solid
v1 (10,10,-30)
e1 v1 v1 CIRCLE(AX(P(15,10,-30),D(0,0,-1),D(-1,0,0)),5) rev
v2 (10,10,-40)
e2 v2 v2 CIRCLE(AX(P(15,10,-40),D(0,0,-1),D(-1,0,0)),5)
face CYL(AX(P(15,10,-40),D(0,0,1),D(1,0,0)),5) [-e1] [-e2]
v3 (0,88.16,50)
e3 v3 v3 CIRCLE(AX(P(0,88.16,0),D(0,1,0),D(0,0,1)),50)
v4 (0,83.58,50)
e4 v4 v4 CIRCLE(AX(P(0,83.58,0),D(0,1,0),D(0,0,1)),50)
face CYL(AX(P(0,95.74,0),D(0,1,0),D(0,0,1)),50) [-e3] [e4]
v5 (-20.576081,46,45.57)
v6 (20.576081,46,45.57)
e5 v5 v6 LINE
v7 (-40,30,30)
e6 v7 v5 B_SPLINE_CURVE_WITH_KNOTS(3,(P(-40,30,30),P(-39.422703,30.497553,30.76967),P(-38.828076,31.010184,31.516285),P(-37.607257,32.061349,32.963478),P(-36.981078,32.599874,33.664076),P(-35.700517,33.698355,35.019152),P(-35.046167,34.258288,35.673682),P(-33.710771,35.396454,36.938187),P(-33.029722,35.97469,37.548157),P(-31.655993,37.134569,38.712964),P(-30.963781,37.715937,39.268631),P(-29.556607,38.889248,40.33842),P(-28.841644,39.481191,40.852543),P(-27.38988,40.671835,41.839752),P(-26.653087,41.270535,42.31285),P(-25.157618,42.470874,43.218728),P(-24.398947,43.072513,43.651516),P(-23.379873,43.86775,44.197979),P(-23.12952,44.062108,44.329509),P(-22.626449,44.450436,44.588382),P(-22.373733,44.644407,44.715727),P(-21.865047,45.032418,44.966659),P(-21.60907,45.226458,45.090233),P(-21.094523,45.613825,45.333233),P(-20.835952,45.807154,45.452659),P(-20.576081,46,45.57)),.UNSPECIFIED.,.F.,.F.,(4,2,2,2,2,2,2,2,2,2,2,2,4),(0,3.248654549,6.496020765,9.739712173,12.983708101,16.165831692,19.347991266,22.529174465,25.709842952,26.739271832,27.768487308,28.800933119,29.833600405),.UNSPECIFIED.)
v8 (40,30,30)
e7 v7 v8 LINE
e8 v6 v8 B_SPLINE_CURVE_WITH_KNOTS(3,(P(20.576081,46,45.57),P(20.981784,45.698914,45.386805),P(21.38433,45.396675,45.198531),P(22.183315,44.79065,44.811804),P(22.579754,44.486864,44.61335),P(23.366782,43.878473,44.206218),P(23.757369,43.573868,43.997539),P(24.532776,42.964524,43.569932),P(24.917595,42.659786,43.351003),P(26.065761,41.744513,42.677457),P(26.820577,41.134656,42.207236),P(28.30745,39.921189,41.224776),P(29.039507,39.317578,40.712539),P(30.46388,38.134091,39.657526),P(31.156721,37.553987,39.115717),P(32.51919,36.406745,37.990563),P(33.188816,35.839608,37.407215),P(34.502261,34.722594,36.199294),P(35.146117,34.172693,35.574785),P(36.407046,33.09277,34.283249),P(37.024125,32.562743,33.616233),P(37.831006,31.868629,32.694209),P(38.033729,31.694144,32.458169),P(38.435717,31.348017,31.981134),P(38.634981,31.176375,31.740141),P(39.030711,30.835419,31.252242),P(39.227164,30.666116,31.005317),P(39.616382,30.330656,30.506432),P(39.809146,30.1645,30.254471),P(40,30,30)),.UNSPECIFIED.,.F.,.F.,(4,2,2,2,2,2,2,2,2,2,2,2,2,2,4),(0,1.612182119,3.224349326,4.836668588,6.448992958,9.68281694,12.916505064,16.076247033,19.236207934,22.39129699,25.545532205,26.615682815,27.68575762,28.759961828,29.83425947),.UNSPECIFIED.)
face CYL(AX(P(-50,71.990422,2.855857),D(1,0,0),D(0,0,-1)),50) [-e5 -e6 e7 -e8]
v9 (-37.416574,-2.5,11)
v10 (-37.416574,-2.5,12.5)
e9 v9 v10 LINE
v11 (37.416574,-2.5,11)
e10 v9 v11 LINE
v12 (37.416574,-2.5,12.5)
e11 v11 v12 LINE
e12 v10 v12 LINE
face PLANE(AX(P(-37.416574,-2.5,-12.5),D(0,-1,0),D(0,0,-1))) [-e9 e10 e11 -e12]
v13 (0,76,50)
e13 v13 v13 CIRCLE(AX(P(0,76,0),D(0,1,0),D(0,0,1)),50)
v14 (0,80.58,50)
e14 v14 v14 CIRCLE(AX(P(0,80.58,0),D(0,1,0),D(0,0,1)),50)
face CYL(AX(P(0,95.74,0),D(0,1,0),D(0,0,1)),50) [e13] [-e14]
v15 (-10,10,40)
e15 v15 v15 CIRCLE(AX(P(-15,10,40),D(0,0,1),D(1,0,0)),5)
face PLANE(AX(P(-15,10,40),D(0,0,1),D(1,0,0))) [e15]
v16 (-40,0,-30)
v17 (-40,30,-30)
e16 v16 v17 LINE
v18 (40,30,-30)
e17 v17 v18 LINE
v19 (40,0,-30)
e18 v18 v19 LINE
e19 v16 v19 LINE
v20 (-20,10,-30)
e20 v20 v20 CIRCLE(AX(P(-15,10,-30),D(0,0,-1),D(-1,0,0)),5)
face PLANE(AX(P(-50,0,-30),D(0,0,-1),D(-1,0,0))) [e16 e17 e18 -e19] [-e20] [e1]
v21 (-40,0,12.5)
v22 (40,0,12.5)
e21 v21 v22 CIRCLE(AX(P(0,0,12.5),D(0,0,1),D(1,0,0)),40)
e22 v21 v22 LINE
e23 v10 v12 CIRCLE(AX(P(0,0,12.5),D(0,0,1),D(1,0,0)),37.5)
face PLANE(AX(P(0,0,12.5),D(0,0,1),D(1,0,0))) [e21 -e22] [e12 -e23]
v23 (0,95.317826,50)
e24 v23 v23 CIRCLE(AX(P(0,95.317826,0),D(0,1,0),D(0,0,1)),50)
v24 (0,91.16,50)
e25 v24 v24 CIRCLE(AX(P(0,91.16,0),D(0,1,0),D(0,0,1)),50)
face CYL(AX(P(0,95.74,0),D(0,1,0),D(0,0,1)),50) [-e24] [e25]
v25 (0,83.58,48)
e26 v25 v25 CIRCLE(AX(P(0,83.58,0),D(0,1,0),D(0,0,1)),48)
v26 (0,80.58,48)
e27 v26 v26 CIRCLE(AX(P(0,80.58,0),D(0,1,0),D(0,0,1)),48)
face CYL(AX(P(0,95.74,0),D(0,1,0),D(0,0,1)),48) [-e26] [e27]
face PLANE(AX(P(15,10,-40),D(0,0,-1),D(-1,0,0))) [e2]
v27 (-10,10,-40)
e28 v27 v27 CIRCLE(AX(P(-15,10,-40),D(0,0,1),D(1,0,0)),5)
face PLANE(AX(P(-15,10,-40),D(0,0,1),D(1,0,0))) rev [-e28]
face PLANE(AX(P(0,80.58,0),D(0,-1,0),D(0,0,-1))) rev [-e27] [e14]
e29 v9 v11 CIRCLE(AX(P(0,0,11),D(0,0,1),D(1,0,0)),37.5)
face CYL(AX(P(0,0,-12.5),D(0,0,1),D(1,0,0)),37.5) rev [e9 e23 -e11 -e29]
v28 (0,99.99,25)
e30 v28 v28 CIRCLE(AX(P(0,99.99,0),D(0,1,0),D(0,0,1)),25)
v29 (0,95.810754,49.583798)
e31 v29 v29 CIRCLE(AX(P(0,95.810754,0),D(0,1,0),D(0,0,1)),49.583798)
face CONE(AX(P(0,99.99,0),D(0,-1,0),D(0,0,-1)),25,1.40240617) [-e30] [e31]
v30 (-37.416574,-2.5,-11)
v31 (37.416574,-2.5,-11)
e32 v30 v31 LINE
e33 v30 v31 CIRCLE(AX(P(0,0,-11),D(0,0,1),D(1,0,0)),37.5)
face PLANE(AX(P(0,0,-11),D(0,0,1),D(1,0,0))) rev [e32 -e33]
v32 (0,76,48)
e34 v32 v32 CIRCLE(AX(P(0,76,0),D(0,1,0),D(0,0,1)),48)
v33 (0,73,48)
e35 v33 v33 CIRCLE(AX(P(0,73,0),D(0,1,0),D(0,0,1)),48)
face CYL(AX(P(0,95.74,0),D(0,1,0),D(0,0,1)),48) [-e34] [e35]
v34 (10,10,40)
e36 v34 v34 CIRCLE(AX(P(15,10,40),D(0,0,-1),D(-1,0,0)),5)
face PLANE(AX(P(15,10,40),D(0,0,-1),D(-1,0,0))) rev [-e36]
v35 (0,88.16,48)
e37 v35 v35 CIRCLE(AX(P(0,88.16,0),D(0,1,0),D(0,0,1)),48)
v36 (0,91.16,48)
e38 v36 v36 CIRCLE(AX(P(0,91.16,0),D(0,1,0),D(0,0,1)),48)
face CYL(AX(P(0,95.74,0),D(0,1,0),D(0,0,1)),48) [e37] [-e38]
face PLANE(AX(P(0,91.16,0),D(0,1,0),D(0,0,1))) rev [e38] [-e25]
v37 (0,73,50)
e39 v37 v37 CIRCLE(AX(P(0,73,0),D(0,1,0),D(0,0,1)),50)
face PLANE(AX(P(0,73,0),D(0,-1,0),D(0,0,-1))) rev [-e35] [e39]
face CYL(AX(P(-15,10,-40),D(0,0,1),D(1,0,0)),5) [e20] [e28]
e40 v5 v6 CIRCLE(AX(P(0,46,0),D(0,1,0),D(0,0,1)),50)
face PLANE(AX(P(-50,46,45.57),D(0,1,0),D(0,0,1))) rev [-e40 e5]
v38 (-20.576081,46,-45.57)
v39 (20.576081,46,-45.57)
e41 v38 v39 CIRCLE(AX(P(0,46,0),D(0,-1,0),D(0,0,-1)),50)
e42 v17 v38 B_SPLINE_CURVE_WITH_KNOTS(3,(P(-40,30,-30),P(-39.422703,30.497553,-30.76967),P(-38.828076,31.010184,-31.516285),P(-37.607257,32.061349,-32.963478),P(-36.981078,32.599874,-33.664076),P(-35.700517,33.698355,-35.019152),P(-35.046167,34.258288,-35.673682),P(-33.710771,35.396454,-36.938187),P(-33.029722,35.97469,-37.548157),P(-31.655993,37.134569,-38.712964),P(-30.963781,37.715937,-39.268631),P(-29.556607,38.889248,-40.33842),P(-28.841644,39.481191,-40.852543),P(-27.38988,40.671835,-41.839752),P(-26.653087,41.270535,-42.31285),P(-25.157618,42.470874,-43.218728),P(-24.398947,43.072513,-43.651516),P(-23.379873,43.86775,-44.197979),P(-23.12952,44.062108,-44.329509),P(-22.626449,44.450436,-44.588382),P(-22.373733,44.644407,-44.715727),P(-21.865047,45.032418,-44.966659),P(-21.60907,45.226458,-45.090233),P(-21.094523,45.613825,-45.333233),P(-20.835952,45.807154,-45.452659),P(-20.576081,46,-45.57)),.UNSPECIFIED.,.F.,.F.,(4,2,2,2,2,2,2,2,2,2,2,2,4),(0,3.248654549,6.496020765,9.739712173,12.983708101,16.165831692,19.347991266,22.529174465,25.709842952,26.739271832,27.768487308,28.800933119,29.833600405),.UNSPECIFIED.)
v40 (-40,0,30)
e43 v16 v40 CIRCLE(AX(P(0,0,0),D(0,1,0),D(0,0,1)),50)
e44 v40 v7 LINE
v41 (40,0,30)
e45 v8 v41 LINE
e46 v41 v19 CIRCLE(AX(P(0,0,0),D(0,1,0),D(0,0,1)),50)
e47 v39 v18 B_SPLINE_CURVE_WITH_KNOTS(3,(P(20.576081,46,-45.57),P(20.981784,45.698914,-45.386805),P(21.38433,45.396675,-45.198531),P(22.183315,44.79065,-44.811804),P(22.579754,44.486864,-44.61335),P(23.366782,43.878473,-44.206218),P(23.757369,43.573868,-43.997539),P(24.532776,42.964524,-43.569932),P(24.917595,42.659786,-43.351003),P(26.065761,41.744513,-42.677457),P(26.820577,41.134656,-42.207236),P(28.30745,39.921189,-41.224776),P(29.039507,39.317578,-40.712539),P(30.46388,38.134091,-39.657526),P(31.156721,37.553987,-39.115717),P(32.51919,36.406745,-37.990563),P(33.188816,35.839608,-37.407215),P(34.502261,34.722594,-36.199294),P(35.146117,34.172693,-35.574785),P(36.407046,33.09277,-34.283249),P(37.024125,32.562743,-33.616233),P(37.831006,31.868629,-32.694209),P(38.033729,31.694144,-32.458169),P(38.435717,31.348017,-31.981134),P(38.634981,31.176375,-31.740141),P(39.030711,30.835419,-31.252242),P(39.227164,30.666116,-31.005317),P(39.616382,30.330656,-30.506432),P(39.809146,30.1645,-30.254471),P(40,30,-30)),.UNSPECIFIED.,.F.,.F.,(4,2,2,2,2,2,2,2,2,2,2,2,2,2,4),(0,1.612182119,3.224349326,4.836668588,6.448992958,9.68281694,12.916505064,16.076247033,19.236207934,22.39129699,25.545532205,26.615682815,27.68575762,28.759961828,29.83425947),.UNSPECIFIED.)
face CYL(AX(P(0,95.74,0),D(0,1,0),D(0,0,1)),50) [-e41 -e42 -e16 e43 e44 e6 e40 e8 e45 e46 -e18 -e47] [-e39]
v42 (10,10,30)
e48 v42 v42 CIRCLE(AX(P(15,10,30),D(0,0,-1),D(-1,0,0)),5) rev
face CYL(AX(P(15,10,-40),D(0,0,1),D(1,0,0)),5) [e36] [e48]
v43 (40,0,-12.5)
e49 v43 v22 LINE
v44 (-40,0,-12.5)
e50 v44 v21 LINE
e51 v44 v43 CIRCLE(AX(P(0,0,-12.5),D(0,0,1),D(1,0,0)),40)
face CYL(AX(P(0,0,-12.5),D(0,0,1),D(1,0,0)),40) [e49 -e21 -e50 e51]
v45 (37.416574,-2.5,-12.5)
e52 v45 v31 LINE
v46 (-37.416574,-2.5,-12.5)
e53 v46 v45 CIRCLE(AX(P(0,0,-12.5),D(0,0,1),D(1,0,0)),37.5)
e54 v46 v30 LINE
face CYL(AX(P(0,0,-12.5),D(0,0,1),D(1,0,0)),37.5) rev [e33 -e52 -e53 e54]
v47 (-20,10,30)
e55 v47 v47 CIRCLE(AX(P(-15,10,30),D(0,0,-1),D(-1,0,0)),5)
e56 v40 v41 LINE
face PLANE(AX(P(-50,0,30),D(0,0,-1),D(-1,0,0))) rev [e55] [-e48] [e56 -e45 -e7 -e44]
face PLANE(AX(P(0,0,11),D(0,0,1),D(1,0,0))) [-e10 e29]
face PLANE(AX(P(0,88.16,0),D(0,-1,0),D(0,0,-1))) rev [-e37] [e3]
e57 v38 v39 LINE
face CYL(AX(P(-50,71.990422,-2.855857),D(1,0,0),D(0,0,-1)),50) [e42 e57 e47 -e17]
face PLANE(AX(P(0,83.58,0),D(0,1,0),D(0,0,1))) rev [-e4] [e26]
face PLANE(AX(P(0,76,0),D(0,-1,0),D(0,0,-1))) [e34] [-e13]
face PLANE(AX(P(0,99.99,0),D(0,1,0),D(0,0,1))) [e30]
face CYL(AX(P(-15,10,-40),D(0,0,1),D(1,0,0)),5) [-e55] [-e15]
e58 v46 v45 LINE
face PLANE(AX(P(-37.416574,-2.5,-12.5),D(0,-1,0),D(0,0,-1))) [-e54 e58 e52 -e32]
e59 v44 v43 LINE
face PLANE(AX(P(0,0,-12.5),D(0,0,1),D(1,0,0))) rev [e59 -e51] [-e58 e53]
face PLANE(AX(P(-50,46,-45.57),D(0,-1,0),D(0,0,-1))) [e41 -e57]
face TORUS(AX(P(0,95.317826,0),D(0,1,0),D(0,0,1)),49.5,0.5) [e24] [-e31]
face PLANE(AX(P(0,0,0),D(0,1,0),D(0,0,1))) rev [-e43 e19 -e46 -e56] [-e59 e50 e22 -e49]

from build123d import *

# Parameters (mm, degrees)
CUT_EXTRUDE2_DEPTH       = 51
CUT_EXTRUDE2_DEPTH_BACK  = 51
BOSS_EXTRUDE3_DEPTH      = 12.5
BOSS_EXTRUDE3_DEPTH_BACK = 12.5
BOSS_EXTRUDE4_DEPTH      = 11
BOSS_EXTRUDE4_DEPTH_BACK = 11
SKETCH4_8_R              = 5
BOSS_EXTRUDE5_DEPTH      = 40
BOSS_EXTRUDE5_DEPTH_BACK = 40


with BuildPart() as part:
    # Sketch1 → Revolve2 (revolve)
    with BuildSketch(Plane.XY):
        with BuildLine():
            ThreePointArc((-50, 95.31782646), (-49.882033293, 95.640395155), (-49.583797747, 95.810754383))
            Line((-49.583797747, 95.810754383), (-25, 99.99))
            Line((-25, 99.99), (0, 99.99))
            Line((0, 99.99), (0, 95.74))
            Line((0, 95.74), (0, 0))
            Line((0, 0), (-50, 0))
            Line((-50, 0), (-50, 73))
            Line((-50, 73), (-48, 73))
            Line((-48, 73), (-48, 76))
            Line((-48, 76), (-50, 76))
            Line((-50, 76), (-50, 80.58))
            Line((-50, 80.58), (-48, 80.58))
            Line((-48, 80.58), (-48, 83.58))
            Line((-48, 83.58), (-50, 83.58))
            Line((-50, 83.58), (-50, 88.16))
            Line((-50, 88.16), (-48, 88.16))
            Line((-48, 88.16), (-48, 91.16))
            Line((-48, 91.16), (-50, 91.16))
            Line((-50, 91.16), (-50, 95.31782646))
        make_face()
    revolve(axis=Axis((0, 95.74, 0), (0, -1, 0)))

    # Sketch2 → Cut-Extrude2 (cut, two sides)
    with BuildSketch(Plane(origin=(0, 0, 0), x_dir=(0, 0, -1), z_dir=(1, 0, 0))) as cut_extrude2_sk:
        with BuildLine():
            Line((30, 0), (30, 30))
            ThreePointArc((30, 30), (38.689431083, 37.119875503), (45.57, 46))
            Line((45.57, 46), (50, 46))
            Line((50, 46), (50, 0))
            Line((50, 0), (30, 0))
        make_face()
        with BuildLine():
            Line((-30, 0), (-30, 30))
            ThreePointArc((-30, 30), (-38.689431083, 37.119875503), (-45.57, 46))
            Line((-45.57, 46), (-50, 46))
            Line((-50, 46), (-50, 0))
            Line((-50, 0), (-30, 0))
        make_face()
    extrude(amount=CUT_EXTRUDE2_DEPTH, mode=Mode.SUBTRACT)
    extrude(cut_extrude2_sk.sketch, amount=-CUT_EXTRUDE2_DEPTH_BACK, mode=Mode.SUBTRACT)

    # Sketch4 → Boss-Extrude3 (add, two sides)
    with BuildSketch(Plane.XY) as boss_extrude3_sk:
        with BuildLine():
            Line((-40, 0), (40, 0))
            ThreePointArc((40, 0), (0, -40), (-40, 0))
        make_face()
        with BuildLine():
            Line((-37.416573868, -2.5), (37.416573868, -2.5))
            ThreePointArc((37.416573868, -2.5), (0, -37.5), (-37.416573868, -2.5))
        make_face(mode=Mode.SUBTRACT)
    extrude(amount=BOSS_EXTRUDE3_DEPTH)
    extrude(boss_extrude3_sk.sketch, amount=-BOSS_EXTRUDE3_DEPTH_BACK)

    # Sketch4<7> → Boss-Extrude4 (add, two sides)
    with BuildSketch(Plane.XY) as boss_extrude4_sk:
        with BuildLine():
            Line((-37.416573868, -2.5), (37.416573868, -2.5))
            ThreePointArc((37.416573868, -2.5), (0, -37.5), (-37.416573868, -2.5))
        make_face()
    extrude(amount=BOSS_EXTRUDE4_DEPTH)
    extrude(boss_extrude4_sk.sketch, amount=-BOSS_EXTRUDE4_DEPTH_BACK)

    # Sketch4<8> → Boss-Extrude5 (add, two sides)
    with BuildSketch(Plane.XY) as boss_extrude5_sk:
        with Locations((-15, 10)):
            Circle(SKETCH4_8_R)
        with Locations((15, 10)):
            Circle(SKETCH4_8_R)
    extrude(amount=BOSS_EXTRUDE5_DEPTH)
    extrude(boss_extrude5_sk.sketch, amount=-BOSS_EXTRUDE5_DEPTH_BACK)


solid = part.part
